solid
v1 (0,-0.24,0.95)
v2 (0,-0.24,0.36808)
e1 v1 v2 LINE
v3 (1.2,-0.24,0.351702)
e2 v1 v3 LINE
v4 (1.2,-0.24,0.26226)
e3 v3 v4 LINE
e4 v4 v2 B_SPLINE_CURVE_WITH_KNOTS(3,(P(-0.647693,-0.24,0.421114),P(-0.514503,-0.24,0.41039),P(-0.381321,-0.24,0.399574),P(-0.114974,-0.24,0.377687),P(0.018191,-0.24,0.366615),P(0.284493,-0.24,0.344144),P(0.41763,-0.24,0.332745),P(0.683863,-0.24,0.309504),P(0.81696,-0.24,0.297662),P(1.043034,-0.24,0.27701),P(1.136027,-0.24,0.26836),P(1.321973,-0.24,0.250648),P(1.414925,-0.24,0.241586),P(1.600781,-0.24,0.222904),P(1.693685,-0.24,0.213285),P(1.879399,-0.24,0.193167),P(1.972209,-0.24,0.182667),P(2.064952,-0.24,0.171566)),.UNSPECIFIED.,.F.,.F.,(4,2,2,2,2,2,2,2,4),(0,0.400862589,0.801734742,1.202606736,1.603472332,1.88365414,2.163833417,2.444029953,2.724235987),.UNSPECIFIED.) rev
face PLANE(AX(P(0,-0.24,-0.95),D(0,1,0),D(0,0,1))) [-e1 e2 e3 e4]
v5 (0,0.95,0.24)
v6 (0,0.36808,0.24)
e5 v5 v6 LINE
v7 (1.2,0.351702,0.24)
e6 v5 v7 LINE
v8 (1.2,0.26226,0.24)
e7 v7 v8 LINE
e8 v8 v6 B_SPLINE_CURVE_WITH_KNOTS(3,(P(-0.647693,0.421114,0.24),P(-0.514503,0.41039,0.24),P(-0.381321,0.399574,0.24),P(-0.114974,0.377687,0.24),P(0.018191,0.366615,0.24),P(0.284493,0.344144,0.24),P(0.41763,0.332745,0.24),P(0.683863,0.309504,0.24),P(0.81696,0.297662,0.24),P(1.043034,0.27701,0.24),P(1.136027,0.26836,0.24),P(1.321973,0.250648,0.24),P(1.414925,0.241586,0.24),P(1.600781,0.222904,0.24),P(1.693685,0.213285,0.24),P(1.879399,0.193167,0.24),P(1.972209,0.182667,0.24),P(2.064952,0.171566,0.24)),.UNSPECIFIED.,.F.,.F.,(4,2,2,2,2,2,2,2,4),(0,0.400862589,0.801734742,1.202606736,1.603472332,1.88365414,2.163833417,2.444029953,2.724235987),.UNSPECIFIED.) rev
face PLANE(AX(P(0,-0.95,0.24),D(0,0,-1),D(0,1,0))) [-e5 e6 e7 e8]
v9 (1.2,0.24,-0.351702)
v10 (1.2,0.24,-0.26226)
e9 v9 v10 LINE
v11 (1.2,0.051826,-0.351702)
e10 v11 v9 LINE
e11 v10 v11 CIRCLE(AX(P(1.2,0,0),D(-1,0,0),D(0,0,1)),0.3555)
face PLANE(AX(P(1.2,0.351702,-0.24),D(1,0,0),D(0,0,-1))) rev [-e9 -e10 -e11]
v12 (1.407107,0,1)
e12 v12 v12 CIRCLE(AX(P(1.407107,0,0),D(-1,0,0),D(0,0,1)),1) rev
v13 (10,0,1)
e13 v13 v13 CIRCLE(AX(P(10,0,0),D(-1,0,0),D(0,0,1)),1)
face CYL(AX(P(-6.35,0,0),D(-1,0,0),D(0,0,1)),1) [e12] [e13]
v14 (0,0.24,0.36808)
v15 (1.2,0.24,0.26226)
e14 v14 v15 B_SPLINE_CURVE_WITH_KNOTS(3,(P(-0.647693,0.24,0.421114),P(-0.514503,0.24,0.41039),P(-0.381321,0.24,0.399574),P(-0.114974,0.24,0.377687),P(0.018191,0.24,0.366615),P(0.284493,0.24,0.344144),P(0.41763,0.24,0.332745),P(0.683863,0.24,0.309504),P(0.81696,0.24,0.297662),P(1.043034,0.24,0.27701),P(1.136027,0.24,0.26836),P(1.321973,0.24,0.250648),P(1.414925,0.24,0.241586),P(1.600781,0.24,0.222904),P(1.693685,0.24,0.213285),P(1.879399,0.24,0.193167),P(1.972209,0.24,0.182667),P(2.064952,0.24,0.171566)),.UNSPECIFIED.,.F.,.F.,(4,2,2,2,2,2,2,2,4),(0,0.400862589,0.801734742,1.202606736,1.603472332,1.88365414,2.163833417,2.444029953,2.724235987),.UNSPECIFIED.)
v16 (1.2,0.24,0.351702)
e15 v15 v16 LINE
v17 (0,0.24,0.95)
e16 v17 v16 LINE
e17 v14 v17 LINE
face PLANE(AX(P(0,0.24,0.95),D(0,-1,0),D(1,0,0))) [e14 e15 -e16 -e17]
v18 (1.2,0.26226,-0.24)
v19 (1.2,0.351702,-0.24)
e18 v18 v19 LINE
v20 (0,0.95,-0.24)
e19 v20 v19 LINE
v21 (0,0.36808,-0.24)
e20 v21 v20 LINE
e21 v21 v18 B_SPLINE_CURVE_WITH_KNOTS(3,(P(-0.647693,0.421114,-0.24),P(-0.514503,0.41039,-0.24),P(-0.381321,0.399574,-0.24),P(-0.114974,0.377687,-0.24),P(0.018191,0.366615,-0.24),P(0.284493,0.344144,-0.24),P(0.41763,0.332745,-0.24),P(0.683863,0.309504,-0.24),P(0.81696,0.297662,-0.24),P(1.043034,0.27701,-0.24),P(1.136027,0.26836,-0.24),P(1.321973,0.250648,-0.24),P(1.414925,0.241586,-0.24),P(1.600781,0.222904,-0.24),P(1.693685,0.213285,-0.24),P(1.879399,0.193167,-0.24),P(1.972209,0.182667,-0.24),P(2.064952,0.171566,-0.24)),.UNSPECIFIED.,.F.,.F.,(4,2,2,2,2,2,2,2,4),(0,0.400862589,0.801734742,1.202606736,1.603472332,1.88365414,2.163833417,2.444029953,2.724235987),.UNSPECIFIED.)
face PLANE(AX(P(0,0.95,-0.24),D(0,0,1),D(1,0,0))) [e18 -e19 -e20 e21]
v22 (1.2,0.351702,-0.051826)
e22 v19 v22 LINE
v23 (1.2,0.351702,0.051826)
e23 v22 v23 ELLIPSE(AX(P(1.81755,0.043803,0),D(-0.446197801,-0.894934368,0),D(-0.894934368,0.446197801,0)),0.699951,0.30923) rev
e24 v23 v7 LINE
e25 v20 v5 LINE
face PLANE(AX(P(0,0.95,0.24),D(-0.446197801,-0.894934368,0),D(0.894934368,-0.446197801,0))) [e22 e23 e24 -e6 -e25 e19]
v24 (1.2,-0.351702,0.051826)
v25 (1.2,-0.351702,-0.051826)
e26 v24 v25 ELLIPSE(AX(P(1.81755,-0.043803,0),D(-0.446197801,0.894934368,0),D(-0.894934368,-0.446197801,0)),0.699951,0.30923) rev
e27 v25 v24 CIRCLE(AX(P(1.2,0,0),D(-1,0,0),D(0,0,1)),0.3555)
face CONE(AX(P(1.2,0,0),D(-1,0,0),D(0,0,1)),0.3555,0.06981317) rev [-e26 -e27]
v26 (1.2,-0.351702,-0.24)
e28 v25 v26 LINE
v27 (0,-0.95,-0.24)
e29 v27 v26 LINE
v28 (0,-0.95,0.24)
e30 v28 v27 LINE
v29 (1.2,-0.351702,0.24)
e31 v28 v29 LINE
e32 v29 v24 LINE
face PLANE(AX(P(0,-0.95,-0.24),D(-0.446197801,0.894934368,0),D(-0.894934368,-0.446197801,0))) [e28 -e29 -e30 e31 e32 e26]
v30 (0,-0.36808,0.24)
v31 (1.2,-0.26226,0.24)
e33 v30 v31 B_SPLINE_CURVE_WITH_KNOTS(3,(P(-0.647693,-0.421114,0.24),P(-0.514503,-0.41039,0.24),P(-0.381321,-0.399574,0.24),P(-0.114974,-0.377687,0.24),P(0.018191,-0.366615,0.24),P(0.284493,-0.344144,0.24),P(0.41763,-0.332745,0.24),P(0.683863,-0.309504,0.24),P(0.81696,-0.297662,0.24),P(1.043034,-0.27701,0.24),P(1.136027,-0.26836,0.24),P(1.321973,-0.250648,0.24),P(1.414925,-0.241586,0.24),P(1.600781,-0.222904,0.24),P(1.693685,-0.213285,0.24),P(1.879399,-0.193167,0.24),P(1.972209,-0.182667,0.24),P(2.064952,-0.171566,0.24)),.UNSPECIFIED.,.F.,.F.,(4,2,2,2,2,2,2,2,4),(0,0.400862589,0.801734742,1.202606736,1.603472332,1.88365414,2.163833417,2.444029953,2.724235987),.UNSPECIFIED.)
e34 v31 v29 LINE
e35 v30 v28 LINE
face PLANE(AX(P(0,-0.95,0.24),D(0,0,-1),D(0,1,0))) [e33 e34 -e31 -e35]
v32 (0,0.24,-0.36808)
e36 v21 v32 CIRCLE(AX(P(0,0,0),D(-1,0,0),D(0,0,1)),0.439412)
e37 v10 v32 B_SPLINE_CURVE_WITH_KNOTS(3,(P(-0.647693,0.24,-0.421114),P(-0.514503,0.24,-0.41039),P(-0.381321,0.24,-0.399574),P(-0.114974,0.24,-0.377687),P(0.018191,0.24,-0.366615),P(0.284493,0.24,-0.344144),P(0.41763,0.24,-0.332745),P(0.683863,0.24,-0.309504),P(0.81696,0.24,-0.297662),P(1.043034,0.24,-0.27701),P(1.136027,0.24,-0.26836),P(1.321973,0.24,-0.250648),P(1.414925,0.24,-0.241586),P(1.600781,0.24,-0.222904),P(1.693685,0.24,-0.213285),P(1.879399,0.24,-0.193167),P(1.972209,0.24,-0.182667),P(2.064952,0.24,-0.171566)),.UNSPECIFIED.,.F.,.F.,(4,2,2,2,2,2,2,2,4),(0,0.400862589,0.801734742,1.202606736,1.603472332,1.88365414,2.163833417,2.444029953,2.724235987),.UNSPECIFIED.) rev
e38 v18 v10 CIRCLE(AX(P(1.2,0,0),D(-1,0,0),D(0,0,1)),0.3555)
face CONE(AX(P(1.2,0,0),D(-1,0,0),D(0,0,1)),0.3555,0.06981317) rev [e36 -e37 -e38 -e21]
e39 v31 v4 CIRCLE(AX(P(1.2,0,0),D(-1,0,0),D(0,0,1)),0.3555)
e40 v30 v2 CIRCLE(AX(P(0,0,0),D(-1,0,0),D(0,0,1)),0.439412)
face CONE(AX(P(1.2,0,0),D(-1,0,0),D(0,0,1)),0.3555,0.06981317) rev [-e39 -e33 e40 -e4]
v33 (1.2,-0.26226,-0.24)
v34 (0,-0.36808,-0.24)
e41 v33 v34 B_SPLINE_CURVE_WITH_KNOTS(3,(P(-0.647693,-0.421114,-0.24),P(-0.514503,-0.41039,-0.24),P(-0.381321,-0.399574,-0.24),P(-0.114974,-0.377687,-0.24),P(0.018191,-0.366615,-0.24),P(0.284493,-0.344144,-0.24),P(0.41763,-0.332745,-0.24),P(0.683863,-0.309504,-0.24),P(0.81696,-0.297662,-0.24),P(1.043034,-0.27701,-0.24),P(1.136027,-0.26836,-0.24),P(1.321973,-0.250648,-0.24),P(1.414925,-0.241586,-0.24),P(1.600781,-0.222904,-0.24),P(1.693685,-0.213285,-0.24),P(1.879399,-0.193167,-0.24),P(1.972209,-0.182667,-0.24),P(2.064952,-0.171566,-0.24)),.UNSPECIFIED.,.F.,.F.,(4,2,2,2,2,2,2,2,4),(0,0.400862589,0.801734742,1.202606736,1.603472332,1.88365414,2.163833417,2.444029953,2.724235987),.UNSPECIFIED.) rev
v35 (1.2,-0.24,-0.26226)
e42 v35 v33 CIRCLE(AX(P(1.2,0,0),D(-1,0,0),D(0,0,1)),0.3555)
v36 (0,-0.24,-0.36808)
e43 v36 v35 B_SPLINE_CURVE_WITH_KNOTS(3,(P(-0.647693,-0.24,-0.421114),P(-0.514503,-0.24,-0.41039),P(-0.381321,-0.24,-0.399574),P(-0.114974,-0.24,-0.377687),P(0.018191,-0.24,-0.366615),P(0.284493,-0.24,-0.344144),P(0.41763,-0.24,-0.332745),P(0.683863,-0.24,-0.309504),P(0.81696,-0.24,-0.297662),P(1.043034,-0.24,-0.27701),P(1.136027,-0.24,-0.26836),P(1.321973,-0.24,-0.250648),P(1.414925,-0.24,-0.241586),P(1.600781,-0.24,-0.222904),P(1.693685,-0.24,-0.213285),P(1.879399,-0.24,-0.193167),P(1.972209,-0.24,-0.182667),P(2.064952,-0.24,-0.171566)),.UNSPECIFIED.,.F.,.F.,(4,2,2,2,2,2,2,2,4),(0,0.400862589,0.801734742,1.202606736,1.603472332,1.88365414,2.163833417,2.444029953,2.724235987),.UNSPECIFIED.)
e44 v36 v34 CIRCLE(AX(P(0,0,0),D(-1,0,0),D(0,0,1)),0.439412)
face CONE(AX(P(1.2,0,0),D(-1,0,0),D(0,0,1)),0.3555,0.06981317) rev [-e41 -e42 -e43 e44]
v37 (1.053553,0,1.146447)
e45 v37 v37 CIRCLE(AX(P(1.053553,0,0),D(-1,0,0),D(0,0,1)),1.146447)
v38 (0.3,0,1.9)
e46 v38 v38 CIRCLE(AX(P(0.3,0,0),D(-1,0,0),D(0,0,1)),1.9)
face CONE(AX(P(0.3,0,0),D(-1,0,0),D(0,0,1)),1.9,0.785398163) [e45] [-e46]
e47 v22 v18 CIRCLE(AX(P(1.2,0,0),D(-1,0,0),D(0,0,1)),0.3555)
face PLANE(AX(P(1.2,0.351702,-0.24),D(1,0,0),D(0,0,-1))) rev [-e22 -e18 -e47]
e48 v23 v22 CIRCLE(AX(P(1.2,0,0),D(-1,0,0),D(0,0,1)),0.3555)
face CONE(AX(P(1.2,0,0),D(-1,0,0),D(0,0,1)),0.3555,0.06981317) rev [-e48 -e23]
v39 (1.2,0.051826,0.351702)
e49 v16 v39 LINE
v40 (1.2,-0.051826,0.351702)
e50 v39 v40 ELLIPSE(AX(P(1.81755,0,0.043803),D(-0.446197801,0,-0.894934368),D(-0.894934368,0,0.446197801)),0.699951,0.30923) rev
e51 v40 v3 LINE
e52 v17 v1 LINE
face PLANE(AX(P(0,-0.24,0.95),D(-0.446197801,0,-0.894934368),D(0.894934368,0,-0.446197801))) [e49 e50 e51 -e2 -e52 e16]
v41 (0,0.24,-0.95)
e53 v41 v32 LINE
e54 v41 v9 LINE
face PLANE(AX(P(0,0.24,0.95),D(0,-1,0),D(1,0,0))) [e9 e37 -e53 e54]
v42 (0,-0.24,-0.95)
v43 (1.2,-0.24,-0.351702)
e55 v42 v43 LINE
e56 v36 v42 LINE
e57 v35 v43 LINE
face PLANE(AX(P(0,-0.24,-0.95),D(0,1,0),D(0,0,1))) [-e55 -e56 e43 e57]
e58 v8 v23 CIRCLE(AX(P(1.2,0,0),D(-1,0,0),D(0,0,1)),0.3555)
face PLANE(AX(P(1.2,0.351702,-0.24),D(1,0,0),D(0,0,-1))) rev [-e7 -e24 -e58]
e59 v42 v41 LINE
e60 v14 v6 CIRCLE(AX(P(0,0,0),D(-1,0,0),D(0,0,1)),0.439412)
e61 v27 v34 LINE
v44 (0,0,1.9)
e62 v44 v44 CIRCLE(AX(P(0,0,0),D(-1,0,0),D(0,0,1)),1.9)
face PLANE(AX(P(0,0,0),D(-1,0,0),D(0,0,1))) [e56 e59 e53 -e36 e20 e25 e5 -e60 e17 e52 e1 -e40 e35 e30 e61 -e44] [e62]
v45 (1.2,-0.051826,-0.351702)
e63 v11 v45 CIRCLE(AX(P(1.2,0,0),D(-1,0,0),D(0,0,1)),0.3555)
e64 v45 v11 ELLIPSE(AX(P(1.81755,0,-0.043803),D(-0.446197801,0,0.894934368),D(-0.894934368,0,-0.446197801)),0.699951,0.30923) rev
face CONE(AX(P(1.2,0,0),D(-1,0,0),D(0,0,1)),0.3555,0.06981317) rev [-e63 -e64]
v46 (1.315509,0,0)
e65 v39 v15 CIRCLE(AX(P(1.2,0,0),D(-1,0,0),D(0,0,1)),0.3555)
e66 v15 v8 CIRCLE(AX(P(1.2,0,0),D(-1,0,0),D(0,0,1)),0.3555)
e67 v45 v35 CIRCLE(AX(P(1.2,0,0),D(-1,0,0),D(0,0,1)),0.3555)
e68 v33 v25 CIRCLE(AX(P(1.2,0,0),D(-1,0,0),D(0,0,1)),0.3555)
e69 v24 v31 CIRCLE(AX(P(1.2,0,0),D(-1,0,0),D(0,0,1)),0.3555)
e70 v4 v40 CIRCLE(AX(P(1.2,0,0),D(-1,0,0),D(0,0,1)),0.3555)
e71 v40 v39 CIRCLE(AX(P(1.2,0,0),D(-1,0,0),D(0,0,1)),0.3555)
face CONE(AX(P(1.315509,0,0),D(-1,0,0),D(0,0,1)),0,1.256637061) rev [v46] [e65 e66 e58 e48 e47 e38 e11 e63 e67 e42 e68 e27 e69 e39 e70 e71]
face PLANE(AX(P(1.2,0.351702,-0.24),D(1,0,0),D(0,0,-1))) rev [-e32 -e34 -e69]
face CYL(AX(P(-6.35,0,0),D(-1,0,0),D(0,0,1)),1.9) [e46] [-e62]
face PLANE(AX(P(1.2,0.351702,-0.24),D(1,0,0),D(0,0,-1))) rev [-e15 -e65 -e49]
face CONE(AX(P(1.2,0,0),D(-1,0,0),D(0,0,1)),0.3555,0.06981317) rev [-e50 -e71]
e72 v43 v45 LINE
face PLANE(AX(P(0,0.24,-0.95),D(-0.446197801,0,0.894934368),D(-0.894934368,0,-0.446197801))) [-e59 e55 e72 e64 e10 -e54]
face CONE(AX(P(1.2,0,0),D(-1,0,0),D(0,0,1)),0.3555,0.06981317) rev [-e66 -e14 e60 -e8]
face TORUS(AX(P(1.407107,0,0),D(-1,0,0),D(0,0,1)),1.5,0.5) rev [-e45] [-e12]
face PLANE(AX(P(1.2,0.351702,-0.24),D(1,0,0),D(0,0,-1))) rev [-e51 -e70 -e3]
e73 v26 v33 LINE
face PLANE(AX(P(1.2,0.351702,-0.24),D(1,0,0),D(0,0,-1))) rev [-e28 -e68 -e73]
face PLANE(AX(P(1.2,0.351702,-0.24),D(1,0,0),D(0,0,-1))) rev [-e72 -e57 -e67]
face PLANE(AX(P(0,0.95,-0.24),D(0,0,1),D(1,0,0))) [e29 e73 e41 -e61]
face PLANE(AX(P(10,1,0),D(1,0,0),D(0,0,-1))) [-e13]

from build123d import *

# Parameters (mm, degrees)
FILLET1_R    = 0.5
RECPAT_COUNT = 2
RECPAT_ANGLE = 90


with BuildPart() as part:
    # BodySke → Base-Revolve (revolve)
    with BuildSketch(Plane.XY, mode=Mode.PRIVATE) as base_revolve_sk:
        Polygon((0, 0), (0, 1.9), (0.3, 1.9), (1.2, 1), (10, 1), (10, 0), align=None)
    revolve(base_revolve_sk.sketch.rotate(Axis((-6.35, 0, 0), (1, 0, 0)), 90), axis=Axis((-6.35, 0, 0), (1, 0, 0)))

    # Fillet1
    fillet1_edges = [part.edges().sort_by_distance(p)[0] for p in [
        (1.2, 0, -1),
    ]]
    fillet(fillet1_edges, radius=FILLET1_R)

    # Sketch3 → Recess section 0
    with BuildSketch(Plane.ZY):
        with BuildLine():
            Line((-0.24, 0.95), (0.24, 0.95))
            Line((0.24, 0.95), (0.24, -0.95))
            Line((0.24, -0.95), (-0.24, -0.95))
            Line((-0.24, -0.95), (-0.24, 0.95))
        make_face()
    # Sketch4 → Recess section 1
    with BuildSketch(Plane.ZY.offset(-1.2)):
        with BuildLine():
            Line((-0.24, 0.351702091), (0.24, 0.351702091))
            Line((0.24, 0.351702091), (0.24, -0.351702091))
            Line((0.24, -0.351702091), (-0.24, -0.351702091))
            Line((-0.24, -0.351702091), (-0.24, 0.351702091))
        make_face()
    recess = loft(mode=Mode.SUBTRACT)

    # RecPat: Recess ×2 about axis
    recpat_axis = Axis((0, 0, 0), (1, 0, 0))
    for i in range(1, RECPAT_COUNT):
        add(recess.rotate(recpat_axis, i * RECPAT_ANGLE / (RECPAT_COUNT - 1)), mode=Mode.SUBTRACT)

    # RecCorSke → RecessCore (revolve, cut)
    with BuildSketch(Plane.XY, mode=Mode.PRIVATE) as recesscore_sk:
        Polygon((0, 0), (0, 0.439412174), (1.2, 0.3555), (1.315508952, 0), align=None)
    revolve(recesscore_sk.sketch.rotate(Axis((-3.175, 0, 0), (1, 0, 0)), 90), axis=Axis((-3.175, 0, 0), (1, 0, 0)), mode=Mode.SUBTRACT)


solid = part.part
